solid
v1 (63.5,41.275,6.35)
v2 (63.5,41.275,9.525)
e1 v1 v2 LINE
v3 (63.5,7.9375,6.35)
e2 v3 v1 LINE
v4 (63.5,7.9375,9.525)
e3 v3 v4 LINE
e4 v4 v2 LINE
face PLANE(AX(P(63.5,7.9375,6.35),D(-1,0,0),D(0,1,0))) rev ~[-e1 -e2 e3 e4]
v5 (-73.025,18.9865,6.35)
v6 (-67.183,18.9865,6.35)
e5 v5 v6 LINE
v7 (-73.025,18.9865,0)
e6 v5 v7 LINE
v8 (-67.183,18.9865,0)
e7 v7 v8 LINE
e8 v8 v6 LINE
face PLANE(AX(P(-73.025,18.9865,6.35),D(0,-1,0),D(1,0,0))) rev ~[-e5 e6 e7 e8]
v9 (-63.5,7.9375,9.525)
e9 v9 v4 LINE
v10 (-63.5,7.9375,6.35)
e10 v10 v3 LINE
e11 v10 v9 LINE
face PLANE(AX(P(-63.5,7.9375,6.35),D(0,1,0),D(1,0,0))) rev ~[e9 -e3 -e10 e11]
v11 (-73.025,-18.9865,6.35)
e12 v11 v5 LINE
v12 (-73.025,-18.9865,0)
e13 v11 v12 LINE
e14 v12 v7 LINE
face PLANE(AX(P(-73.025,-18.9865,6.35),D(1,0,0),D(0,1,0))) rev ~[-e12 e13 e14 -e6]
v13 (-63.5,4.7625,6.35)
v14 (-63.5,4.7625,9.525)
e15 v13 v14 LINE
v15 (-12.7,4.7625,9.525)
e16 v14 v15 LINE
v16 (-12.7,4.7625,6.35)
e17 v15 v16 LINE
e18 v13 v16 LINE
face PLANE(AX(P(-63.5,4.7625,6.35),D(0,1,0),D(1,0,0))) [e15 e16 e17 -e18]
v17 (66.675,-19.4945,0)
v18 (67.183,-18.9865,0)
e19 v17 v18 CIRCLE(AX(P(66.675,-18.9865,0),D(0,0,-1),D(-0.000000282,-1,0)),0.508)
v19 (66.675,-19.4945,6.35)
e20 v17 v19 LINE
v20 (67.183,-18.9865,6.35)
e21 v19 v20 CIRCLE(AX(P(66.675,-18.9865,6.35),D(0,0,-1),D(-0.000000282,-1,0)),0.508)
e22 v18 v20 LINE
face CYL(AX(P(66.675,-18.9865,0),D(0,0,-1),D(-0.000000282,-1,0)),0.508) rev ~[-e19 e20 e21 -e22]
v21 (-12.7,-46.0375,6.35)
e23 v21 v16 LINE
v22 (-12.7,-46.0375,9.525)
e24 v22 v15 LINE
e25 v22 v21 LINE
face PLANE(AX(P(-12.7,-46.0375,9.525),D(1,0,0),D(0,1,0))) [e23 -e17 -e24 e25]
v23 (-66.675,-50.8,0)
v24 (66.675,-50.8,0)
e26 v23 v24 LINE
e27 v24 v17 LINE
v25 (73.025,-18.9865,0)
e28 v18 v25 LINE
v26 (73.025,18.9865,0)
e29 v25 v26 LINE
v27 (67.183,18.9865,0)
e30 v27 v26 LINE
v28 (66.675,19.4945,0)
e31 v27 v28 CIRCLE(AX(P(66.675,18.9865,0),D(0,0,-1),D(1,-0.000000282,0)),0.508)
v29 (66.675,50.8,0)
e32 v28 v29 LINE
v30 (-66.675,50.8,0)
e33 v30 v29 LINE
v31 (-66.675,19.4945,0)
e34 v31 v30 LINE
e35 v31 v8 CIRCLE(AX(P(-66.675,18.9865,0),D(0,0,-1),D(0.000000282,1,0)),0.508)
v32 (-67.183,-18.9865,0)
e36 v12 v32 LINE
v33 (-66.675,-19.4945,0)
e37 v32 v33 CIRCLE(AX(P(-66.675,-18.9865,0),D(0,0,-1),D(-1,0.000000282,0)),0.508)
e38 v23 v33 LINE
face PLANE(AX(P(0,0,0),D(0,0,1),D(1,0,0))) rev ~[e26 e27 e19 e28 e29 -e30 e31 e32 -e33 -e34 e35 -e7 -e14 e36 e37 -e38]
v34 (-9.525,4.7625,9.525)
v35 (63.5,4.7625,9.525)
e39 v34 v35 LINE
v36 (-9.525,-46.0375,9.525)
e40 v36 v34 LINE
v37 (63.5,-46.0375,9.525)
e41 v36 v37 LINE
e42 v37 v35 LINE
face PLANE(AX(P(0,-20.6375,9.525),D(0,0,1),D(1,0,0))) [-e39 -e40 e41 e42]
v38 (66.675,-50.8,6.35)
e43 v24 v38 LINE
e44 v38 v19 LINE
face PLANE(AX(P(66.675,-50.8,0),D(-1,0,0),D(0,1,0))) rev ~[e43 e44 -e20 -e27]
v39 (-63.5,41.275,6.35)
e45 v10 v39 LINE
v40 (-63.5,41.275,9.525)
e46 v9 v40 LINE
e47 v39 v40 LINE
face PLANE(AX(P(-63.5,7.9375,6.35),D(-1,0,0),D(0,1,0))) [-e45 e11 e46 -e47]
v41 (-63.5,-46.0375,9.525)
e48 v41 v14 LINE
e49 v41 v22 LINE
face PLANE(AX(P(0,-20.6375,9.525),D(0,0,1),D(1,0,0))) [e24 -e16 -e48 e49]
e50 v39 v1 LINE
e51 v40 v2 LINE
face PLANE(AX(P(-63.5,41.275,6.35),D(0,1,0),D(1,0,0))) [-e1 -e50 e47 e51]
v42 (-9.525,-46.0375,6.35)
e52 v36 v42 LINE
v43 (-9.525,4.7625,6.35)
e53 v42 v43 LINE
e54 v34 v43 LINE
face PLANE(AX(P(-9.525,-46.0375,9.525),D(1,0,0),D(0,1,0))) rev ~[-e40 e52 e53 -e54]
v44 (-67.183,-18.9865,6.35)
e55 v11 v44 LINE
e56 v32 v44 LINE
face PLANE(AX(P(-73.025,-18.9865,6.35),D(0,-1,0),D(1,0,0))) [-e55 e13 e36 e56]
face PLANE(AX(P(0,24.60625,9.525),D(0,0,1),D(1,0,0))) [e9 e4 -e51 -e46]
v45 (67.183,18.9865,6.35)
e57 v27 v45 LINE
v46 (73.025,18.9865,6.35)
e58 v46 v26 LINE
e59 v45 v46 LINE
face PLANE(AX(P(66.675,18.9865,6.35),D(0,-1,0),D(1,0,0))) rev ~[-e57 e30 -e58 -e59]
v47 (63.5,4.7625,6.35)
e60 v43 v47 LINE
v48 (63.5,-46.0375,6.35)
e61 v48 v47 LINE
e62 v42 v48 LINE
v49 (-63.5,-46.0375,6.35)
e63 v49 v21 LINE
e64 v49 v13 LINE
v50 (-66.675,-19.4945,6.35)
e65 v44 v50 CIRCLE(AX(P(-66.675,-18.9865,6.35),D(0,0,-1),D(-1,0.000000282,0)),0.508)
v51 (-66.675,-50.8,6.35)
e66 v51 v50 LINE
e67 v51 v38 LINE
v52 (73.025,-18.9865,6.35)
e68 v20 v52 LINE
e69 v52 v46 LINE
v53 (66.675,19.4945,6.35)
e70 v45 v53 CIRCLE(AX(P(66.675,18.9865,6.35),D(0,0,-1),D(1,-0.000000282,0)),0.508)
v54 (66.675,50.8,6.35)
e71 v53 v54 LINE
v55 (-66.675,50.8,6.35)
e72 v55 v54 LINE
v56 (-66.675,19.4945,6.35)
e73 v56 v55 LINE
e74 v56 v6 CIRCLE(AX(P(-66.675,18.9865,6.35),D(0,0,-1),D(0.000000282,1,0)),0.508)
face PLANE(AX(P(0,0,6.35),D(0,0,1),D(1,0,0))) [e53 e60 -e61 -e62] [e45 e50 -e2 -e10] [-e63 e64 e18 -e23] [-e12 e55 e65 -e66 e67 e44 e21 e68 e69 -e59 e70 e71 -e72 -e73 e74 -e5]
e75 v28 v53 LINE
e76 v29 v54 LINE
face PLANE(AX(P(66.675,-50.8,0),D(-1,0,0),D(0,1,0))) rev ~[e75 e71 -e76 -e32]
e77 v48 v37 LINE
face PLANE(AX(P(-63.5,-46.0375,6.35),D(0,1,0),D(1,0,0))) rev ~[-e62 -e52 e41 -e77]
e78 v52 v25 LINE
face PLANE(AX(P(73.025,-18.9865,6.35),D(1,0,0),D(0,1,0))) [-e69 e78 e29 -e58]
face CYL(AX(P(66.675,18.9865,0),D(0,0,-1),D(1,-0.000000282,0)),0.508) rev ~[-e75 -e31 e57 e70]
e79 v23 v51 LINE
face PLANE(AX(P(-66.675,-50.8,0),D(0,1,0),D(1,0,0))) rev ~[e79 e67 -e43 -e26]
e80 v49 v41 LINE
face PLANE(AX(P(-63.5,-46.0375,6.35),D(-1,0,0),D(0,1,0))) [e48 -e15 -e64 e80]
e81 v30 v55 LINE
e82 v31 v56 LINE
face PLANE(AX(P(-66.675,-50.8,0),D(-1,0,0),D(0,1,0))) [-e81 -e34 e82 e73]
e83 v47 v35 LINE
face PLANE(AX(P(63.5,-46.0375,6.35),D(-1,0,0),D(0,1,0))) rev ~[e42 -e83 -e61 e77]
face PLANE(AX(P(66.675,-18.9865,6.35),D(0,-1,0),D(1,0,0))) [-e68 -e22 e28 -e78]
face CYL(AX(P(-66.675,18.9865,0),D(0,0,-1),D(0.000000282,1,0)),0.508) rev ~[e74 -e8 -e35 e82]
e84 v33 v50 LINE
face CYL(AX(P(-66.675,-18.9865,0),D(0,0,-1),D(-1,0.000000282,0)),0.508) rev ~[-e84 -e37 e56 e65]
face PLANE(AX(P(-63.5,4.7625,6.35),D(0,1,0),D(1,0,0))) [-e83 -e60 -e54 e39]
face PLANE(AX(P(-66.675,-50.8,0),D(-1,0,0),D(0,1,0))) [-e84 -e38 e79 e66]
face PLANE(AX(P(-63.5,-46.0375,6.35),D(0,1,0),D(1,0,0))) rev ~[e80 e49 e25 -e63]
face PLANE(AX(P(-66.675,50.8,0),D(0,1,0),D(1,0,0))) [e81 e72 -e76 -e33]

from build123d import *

# Parameters (mm, degrees)
F0_W     = 133.35
F0_H     = 101.6
F1_DEPTH = 6.35
F2_W     = 6.35
F2_H     = 37.973
F3_DEPTH = 6.35
F4_W     = 127
F4_H     = 33.3375
F4_H_2   = 50.8
F5_DEPTH = 3.175
F6_W     = 3.175
F6_H     = 50.8
F7_DEPTH = 3.175
F9_DEPTH = 9.526


with BuildPart() as f1:
    # F0 (on Top) → F1 (new body)
    with BuildSketch(Plane.XY):
        Rectangle(F0_W, F0_H)
    extrude(amount=F1_DEPTH)

    # F2 (on face) → F3 (join)
    with BuildSketch(Plane.XY.offset(6.35)):
        with Locations((-69.85, 0)):
            Rectangle(F2_W, F2_H)
        with Locations((69.85, 0)):
            Rectangle(F2_W, F2_H)
    extrude(amount=-F3_DEPTH)

    # F4 (on face) → F5 (join)
    with BuildSketch(Plane.XY.offset(6.35)):
        with Locations((0, 24.60625)):
            Rectangle(F4_W, F4_H)
        with Locations((0, -20.6375)):
            Rectangle(F4_W, F4_H_2)
    extrude(amount=F5_DEPTH)

    # F6 (on face) → F7 (cut)
    with BuildSketch(Plane.XY.offset(9.525)):
        with Locations((-11.1125, -20.6375)):
            Rectangle(F6_W, F6_H)
    extrude(amount=-F7_DEPTH, mode=Mode.SUBTRACT)

    # F8 (on face) → F9 (cut, through all)
    with BuildSketch(Plane(origin=(0, 0, 0), x_dir=(1, 0, 0), z_dir=(0, 0, -1))):
        with BuildLine():
            ThreePointArc((-67.183, 18.9865), (-66.31579, 18.62729), (-66.675, 19.4945))
            Line((-66.675, 19.4945), (-66.675, 18.9865))
            Line((-66.675, 18.9865), (-67.183, 18.9865))
        make_face()
        with BuildLine():
            Line((-66.675, -18.9865), (-66.675, -19.4945))
            ThreePointArc((-66.675, -19.4945), (-66.31579, -18.62729), (-67.183, -18.9865))
            Line((-67.183, -18.9865), (-66.675, -18.9865))
        make_face()
        with BuildLine():
            ThreePointArc((67.183, -18.9865), (66.31579, -18.62729), (66.675, -19.4945))
            Line((66.675, -19.4945), (66.675, -18.9865))
            Line((66.675, -18.9865), (67.183, -18.9865))
        make_face()
        with BuildLine():
            ThreePointArc((66.675, 19.4945), (66.31579, 18.62729), (67.183, 18.9865))
            Line((67.183, 18.9865), (66.675, 18.9865))
            Line((66.675, 18.9865), (66.675, 19.4945))
        make_face()
        with BuildLine():
            Line((66.675, 18.9865), (66.675, 19.4945))
            ThreePointArc((66.675, 19.4945), (66.31579, 18.62729), (67.183, 18.9865))
            Line((67.183, 18.9865), (66.675, 18.9865))
        make_face()
        with BuildLine():
            Line((66.675, -18.9865), (67.183, -18.9865))
            ThreePointArc((67.183, -18.9865), (66.31579, -18.62729), (66.675, -19.4945))
            Line((66.675, -19.4945), (66.675, -18.9865))
        make_face()
        with BuildLine():
            ThreePointArc((-66.675, -19.4945), (-66.31579, -18.62729), (-67.183, -18.9865))
            Line((-67.183, -18.9865), (-66.675, -18.9865))
            Line((-66.675, -18.9865), (-66.675, -19.4945))
        make_face()
    extrude(amount=-F9_DEPTH, mode=Mode.SUBTRACT)


solid = f1.part
